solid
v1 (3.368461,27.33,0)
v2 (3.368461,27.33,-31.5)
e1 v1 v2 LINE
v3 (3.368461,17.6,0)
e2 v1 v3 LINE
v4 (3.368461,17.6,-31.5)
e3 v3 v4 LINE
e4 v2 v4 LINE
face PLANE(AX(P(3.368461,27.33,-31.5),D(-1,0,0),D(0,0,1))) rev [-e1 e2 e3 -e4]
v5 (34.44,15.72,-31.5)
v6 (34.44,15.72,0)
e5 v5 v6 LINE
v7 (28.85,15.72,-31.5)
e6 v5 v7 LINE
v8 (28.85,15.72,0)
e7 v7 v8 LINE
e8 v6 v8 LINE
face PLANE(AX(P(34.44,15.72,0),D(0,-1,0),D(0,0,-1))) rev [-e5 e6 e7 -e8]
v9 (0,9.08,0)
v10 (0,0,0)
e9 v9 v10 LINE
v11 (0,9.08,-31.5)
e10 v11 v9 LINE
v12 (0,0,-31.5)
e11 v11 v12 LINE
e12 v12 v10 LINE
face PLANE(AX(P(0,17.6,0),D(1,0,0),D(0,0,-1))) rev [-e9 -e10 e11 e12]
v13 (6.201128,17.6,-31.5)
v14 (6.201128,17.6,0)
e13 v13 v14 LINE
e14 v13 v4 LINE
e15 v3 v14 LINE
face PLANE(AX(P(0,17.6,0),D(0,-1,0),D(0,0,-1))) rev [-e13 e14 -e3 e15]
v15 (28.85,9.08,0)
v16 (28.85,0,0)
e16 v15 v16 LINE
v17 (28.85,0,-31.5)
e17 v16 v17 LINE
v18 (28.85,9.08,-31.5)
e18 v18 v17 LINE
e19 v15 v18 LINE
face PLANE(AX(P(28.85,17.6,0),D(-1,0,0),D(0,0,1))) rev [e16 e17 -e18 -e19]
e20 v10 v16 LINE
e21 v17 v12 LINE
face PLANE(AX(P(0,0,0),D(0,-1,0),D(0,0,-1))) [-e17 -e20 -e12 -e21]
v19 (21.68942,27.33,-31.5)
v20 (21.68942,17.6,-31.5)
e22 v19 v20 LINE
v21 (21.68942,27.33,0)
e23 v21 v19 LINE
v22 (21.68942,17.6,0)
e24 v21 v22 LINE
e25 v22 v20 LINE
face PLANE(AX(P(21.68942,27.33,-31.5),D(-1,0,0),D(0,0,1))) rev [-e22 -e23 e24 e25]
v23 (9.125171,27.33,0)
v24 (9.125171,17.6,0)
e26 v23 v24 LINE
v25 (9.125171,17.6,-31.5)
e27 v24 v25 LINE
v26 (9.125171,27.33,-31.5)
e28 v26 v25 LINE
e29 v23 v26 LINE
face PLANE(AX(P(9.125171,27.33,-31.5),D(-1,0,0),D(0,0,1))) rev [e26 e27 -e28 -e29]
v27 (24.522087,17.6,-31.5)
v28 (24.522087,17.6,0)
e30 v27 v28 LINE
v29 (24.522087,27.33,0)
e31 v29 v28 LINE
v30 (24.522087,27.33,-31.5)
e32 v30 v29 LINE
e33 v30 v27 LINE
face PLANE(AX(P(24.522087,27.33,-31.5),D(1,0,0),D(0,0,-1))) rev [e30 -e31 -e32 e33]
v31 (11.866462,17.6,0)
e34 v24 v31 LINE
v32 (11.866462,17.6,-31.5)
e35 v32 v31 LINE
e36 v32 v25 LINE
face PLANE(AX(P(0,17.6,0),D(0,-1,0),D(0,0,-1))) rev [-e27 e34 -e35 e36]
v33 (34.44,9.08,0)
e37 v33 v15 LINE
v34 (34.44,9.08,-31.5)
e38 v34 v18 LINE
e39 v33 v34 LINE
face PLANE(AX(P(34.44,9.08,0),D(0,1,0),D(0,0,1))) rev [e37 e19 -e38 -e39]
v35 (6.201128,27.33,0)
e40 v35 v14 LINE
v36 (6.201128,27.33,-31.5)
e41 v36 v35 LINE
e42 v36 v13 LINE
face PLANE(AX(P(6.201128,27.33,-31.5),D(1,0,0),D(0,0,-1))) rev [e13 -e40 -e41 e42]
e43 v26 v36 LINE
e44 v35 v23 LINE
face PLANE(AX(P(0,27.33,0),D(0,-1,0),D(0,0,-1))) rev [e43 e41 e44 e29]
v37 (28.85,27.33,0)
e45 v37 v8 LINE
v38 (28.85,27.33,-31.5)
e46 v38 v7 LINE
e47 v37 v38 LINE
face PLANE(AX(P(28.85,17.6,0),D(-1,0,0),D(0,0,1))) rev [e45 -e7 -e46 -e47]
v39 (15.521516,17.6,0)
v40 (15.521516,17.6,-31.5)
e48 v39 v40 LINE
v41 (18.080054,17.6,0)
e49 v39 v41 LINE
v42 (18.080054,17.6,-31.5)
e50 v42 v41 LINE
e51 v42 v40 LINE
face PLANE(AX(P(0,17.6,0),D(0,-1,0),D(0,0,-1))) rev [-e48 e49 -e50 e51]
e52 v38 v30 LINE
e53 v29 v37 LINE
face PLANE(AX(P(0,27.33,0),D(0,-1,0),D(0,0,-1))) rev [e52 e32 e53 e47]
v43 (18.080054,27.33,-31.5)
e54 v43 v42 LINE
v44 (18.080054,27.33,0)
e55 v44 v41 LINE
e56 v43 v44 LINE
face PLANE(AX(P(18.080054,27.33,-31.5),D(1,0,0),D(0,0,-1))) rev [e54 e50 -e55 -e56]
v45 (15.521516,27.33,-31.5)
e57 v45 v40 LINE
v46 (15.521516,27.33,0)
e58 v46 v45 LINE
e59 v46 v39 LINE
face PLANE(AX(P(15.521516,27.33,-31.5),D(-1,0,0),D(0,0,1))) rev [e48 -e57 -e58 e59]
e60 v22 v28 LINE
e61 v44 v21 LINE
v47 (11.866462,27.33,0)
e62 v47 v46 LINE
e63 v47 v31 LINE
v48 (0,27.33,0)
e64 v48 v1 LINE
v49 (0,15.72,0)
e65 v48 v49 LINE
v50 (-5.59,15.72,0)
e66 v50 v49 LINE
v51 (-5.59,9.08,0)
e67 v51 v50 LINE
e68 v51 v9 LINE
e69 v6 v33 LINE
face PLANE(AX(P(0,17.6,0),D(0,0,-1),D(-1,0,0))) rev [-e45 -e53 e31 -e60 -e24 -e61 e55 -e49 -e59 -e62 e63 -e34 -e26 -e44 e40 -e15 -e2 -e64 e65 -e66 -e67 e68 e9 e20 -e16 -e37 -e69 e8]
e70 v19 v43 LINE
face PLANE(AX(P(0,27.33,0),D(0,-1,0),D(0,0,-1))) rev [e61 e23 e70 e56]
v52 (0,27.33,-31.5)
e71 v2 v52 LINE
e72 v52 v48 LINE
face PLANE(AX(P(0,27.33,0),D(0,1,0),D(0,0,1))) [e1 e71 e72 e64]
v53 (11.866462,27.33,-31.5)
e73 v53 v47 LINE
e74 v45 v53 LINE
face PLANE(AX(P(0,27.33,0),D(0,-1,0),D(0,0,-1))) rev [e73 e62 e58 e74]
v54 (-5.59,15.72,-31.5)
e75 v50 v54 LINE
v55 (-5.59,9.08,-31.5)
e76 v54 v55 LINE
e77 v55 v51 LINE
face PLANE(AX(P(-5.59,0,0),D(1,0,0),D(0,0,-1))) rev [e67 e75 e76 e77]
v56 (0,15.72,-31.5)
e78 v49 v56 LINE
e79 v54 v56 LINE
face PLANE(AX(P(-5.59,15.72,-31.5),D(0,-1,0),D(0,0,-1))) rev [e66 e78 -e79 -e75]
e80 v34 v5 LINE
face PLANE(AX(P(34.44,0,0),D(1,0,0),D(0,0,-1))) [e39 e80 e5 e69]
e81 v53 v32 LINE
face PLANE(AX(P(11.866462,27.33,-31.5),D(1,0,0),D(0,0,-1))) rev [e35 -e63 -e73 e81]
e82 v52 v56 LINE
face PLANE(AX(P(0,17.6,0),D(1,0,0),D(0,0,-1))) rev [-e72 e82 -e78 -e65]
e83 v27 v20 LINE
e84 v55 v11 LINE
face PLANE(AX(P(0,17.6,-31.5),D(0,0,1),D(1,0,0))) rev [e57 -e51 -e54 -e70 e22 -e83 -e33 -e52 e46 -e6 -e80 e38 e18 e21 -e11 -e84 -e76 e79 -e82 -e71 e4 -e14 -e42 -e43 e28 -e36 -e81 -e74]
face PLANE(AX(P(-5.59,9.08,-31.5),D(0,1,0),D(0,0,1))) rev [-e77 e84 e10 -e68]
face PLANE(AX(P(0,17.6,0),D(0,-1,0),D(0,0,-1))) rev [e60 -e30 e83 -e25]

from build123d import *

# Parameters (mm, degrees)
CROQUIS1_W              = 28.85
CROQUIS1_H              = 31.5
SALIENTE_EXTRUIR1_DEPTH = 17.6
CROQUIS3_W              = 3.368460879
CROQUIS3_H              = 31.5
CROQUIS3_W_2            = 4.327912621
CROQUIS3_W_3            = 3.609366076
CROQUIS3_W_4            = 3.655054254
CROQUIS3_W_5            = 2.924043404
SALIENTE_EXTRUIR2_DEPTH = 9.73
CROQUIS4_W              = 31.5
CROQUIS4_H              = 6.64
SALIENTE_EXTRUIR3_DEPTH = 5.59
CROQUIS5_W              = 31.5
CROQUIS5_H              = 6.64
SALIENTE_EXTRUIR4_DEPTH = 5.59


with BuildPart() as part:
    # Croquis1 → Saliente-Extruir1 (new body)
    with BuildSketch(Plane(origin=(0, 0, 0), x_dir=(1, 0, 0), z_dir=(0, 1, 0))):
        with Locations((14.425, 15.75)):
            Rectangle(CROQUIS1_W, CROQUIS1_H)
    extrude(amount=SALIENTE_EXTRUIR1_DEPTH)

    # Croquis3 → Saliente-Extruir2 (add)
    with BuildSketch(Plane(origin=(0, 17.6, 0), x_dir=(1, 0, 0), z_dir=(0, 1, 0))):
        with Locations((1.68423044, 15.75)):
            Rectangle(CROQUIS3_W, CROQUIS3_H)
        with Locations((26.68604369, 15.75)):
            Rectangle(CROQUIS3_W_2, CROQUIS3_H)
        with Locations((19.884737293, 15.75)):
            Rectangle(CROQUIS3_W_3, CROQUIS3_H)
        with Locations((13.693989149, 15.75)):
            Rectangle(CROQUIS3_W_4, CROQUIS3_H)
        with Locations((7.663149629, 15.75)):
            Rectangle(CROQUIS3_W_5, CROQUIS3_H)
    extrude(amount=SALIENTE_EXTRUIR2_DEPTH)

    # Croquis4 → Saliente-Extruir3 (add)
    with BuildSketch(Plane.ZY):
        with Locations((-15.75, 12.4)):
            Rectangle(CROQUIS4_W, CROQUIS4_H)
    extrude(amount=SALIENTE_EXTRUIR3_DEPTH)

    # Croquis5 → Saliente-Extruir4 (add)
    with BuildSketch(Plane(origin=(28.85, 0, 0), x_dir=(0, 0, -1), z_dir=(1, 0, 0))):
        with Locations((15.75, 12.4)):
            Rectangle(CROQUIS5_W, CROQUIS5_H)
    extrude(amount=SALIENTE_EXTRUIR4_DEPTH)


solid = part.part
